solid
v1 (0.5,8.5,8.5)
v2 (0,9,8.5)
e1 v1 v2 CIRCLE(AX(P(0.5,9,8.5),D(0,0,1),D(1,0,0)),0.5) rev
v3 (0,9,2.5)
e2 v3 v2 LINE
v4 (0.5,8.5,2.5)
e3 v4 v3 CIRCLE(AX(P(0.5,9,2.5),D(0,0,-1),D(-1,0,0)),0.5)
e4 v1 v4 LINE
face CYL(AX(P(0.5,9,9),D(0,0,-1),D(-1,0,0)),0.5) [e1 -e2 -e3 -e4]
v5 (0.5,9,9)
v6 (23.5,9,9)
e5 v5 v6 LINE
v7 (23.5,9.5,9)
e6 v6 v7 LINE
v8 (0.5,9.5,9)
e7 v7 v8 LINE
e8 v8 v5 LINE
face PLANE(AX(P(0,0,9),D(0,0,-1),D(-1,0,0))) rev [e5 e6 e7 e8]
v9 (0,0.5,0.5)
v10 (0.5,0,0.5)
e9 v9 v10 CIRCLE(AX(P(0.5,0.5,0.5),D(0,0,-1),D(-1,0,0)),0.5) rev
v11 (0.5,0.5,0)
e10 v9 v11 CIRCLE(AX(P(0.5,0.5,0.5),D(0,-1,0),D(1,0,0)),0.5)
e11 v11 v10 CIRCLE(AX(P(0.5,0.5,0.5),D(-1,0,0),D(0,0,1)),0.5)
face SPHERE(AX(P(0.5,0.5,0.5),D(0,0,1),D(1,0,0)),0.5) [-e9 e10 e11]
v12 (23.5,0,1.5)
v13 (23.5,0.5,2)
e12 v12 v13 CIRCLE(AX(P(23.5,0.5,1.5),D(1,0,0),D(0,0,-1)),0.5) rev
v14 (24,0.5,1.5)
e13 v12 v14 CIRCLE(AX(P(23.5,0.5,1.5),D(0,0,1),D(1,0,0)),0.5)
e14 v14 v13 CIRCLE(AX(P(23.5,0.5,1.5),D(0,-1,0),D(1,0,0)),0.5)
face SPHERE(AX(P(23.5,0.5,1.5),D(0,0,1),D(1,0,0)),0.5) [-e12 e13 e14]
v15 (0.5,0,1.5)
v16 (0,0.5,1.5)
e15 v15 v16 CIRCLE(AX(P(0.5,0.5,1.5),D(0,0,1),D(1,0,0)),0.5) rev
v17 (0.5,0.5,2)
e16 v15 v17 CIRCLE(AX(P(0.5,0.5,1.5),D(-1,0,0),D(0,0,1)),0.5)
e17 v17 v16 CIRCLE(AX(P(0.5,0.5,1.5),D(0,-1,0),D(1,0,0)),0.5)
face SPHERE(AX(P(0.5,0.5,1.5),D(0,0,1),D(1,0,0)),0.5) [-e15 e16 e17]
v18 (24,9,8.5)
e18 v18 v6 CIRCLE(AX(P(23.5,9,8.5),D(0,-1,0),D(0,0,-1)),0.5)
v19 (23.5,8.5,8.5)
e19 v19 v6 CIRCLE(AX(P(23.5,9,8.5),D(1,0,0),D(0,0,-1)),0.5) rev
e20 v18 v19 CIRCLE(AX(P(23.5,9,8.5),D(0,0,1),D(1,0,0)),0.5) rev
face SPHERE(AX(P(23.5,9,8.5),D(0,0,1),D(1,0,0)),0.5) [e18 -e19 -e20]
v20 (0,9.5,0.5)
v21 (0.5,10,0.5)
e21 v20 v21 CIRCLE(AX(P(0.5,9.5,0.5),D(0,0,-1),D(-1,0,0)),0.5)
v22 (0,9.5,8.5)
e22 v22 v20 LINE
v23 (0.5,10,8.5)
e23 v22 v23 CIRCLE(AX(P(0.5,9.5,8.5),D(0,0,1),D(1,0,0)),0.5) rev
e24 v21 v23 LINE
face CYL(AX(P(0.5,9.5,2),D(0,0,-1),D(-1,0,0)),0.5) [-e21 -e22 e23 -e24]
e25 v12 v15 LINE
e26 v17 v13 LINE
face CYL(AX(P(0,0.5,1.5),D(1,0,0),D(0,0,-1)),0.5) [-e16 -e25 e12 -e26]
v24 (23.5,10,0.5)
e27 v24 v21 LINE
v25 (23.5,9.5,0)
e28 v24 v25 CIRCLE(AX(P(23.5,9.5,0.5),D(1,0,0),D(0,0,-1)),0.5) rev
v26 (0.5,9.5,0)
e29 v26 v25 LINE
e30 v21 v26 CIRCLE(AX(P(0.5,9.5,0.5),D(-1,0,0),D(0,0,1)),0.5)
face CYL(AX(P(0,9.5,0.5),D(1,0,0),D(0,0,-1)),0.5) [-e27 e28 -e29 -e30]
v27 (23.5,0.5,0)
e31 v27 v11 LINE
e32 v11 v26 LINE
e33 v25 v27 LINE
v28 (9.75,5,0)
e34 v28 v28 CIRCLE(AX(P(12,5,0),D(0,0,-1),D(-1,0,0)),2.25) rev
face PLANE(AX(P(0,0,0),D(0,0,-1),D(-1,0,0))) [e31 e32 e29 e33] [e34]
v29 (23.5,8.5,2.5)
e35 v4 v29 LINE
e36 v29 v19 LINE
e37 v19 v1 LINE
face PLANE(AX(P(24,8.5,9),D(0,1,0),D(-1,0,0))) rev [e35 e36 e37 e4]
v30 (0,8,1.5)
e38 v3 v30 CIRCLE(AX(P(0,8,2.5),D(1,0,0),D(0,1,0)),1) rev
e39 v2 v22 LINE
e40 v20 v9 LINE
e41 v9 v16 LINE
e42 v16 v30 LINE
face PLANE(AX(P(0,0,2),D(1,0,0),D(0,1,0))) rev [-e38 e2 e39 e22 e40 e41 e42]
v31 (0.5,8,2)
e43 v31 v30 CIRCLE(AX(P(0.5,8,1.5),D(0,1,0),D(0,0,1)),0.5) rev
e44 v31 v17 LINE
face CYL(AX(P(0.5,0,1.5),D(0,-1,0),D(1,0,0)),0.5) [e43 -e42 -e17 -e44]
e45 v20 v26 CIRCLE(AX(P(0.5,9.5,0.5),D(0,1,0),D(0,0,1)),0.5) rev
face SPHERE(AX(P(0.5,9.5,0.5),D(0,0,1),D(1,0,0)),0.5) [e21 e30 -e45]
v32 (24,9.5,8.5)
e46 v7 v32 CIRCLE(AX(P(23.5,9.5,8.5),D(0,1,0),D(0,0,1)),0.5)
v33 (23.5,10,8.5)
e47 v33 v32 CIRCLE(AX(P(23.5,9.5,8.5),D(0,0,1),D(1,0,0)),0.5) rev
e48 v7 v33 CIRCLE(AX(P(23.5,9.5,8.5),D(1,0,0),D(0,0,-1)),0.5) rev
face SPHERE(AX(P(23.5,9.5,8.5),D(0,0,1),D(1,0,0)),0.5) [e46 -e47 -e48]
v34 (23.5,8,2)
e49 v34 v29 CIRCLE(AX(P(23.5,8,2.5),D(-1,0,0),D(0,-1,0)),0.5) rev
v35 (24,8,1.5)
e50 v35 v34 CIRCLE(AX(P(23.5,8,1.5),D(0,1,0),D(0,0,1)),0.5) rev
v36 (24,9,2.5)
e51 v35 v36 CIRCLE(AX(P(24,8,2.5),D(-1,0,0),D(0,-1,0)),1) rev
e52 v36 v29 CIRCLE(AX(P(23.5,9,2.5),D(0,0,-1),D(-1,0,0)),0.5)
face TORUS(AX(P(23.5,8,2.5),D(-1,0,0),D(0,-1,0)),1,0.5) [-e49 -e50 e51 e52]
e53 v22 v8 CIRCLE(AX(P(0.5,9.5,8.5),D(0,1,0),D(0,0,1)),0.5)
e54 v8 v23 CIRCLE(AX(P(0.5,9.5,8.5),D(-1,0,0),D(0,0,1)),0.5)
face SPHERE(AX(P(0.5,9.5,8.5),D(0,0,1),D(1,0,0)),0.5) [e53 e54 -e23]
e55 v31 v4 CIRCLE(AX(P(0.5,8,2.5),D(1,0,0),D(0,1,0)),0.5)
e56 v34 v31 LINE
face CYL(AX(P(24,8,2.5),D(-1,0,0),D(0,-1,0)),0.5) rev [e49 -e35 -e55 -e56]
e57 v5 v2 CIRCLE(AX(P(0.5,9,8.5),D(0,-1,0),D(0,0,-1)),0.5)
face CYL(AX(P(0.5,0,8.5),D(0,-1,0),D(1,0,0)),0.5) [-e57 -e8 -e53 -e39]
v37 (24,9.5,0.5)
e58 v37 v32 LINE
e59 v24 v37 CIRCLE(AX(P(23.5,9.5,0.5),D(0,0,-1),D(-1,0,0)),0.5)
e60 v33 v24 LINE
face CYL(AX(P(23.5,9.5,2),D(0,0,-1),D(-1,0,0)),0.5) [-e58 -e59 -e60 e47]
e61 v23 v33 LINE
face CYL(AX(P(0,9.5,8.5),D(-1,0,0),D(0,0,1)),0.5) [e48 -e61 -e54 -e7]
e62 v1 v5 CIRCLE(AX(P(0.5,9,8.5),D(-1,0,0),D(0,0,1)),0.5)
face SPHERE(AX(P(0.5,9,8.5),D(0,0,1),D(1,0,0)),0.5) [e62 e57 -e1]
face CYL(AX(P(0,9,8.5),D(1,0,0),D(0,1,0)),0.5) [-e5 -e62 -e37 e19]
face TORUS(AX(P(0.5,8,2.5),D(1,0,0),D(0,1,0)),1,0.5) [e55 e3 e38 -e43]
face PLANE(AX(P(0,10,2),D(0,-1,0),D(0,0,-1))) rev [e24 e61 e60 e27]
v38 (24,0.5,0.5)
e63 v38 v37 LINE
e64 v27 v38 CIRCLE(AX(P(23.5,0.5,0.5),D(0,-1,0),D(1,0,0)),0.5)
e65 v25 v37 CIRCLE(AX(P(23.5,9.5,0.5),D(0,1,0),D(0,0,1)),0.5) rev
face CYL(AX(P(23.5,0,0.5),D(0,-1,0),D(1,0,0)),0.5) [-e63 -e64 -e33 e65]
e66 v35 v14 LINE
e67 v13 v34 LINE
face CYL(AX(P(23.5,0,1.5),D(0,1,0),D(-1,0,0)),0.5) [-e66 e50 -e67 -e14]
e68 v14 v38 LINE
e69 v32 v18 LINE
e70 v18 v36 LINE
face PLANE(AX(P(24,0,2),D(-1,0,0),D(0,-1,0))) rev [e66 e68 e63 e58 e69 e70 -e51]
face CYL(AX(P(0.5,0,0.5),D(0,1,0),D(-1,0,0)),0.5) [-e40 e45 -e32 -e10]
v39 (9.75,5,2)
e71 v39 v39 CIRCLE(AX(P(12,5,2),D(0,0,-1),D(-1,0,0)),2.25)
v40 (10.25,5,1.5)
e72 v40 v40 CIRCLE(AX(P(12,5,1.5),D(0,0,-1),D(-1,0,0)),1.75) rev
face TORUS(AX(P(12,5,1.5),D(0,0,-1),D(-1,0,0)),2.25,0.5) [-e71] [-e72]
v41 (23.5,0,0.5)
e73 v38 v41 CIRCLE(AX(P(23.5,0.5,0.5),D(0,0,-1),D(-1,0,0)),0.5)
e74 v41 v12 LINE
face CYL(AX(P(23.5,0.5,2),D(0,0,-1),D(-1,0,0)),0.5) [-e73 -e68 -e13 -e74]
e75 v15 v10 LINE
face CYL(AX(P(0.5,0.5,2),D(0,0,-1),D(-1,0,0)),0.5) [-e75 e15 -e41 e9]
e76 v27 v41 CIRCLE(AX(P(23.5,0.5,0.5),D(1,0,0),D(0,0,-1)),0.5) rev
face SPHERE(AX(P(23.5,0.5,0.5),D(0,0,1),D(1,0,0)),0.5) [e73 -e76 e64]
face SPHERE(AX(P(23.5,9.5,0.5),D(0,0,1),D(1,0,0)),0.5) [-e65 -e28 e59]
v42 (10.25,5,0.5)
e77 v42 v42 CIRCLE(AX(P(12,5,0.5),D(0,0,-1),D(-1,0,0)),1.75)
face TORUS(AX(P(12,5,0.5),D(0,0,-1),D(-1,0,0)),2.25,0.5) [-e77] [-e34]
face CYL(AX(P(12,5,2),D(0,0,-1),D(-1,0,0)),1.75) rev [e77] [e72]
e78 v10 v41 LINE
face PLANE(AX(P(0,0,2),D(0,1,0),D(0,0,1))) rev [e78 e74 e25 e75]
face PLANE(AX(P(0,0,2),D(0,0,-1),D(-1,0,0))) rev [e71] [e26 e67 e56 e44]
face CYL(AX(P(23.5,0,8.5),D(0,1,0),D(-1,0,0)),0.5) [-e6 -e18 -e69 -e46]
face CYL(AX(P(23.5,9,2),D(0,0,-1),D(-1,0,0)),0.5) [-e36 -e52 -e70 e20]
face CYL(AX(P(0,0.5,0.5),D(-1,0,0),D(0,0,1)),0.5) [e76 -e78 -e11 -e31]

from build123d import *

# Parameters (mm, degrees)
CROQUIS1_W              = 24
CROQUIS1_H              = 10
CROQUIS1_R              = 1.75
SALIENTE_EXTRUIR1_DEPTH = 2
CROQUIS2_W              = 24
CROQUIS2_H              = 1.5
SALIENTE_EXTRUIR2_DEPTH = 7
REDONDEO1_R             = 0.5


with BuildPart() as part:
    # Croquis1 → Saliente-Extruir1 (new body)
    with BuildSketch(Plane.XY):
        with Locations((12, 5)):
            Rectangle(CROQUIS1_W, CROQUIS1_H)
        with Locations((12, 5)):
            Circle(CROQUIS1_R, mode=Mode.SUBTRACT)
    extrude(amount=SALIENTE_EXTRUIR1_DEPTH)

    # Croquis2 → Saliente-Extruir2 (add)
    with BuildSketch(Plane.XY.offset(2)):
        with Locations((12, 9.25)):
            Rectangle(CROQUIS2_W, CROQUIS2_H)
    extrude(amount=SALIENTE_EXTRUIR2_DEPTH)

    # Redondeo1
    redondeo1_edges = [part.edges().sort_by_distance(p)[0] for p in [
        (10.25, 5, 0),
        (10.25, 5, 2),
        (24, 4.25, 2),
        (0, 4.25, 2),
        (24, 8.5, 5.5),
        (12, 8.5, 2),
        (0, 8.5, 5.5),
        (24, 9.25, 9),
        (12, 10, 9),
        (0, 9.25, 9),
        (12, 8.5, 9),
        (12, 10, 0),
        (24, 5, 0),
        (12, 0, 0),
        (0, 5, 0),
        (0, 10, 4.5),
        (24, 10, 4.5),
        (24, 0, 1),
        (0, 0, 1),
        (12, 0, 2),
    ]]
    fillet(redondeo1_edges, radius=REDONDEO1_R)


solid = part.part
